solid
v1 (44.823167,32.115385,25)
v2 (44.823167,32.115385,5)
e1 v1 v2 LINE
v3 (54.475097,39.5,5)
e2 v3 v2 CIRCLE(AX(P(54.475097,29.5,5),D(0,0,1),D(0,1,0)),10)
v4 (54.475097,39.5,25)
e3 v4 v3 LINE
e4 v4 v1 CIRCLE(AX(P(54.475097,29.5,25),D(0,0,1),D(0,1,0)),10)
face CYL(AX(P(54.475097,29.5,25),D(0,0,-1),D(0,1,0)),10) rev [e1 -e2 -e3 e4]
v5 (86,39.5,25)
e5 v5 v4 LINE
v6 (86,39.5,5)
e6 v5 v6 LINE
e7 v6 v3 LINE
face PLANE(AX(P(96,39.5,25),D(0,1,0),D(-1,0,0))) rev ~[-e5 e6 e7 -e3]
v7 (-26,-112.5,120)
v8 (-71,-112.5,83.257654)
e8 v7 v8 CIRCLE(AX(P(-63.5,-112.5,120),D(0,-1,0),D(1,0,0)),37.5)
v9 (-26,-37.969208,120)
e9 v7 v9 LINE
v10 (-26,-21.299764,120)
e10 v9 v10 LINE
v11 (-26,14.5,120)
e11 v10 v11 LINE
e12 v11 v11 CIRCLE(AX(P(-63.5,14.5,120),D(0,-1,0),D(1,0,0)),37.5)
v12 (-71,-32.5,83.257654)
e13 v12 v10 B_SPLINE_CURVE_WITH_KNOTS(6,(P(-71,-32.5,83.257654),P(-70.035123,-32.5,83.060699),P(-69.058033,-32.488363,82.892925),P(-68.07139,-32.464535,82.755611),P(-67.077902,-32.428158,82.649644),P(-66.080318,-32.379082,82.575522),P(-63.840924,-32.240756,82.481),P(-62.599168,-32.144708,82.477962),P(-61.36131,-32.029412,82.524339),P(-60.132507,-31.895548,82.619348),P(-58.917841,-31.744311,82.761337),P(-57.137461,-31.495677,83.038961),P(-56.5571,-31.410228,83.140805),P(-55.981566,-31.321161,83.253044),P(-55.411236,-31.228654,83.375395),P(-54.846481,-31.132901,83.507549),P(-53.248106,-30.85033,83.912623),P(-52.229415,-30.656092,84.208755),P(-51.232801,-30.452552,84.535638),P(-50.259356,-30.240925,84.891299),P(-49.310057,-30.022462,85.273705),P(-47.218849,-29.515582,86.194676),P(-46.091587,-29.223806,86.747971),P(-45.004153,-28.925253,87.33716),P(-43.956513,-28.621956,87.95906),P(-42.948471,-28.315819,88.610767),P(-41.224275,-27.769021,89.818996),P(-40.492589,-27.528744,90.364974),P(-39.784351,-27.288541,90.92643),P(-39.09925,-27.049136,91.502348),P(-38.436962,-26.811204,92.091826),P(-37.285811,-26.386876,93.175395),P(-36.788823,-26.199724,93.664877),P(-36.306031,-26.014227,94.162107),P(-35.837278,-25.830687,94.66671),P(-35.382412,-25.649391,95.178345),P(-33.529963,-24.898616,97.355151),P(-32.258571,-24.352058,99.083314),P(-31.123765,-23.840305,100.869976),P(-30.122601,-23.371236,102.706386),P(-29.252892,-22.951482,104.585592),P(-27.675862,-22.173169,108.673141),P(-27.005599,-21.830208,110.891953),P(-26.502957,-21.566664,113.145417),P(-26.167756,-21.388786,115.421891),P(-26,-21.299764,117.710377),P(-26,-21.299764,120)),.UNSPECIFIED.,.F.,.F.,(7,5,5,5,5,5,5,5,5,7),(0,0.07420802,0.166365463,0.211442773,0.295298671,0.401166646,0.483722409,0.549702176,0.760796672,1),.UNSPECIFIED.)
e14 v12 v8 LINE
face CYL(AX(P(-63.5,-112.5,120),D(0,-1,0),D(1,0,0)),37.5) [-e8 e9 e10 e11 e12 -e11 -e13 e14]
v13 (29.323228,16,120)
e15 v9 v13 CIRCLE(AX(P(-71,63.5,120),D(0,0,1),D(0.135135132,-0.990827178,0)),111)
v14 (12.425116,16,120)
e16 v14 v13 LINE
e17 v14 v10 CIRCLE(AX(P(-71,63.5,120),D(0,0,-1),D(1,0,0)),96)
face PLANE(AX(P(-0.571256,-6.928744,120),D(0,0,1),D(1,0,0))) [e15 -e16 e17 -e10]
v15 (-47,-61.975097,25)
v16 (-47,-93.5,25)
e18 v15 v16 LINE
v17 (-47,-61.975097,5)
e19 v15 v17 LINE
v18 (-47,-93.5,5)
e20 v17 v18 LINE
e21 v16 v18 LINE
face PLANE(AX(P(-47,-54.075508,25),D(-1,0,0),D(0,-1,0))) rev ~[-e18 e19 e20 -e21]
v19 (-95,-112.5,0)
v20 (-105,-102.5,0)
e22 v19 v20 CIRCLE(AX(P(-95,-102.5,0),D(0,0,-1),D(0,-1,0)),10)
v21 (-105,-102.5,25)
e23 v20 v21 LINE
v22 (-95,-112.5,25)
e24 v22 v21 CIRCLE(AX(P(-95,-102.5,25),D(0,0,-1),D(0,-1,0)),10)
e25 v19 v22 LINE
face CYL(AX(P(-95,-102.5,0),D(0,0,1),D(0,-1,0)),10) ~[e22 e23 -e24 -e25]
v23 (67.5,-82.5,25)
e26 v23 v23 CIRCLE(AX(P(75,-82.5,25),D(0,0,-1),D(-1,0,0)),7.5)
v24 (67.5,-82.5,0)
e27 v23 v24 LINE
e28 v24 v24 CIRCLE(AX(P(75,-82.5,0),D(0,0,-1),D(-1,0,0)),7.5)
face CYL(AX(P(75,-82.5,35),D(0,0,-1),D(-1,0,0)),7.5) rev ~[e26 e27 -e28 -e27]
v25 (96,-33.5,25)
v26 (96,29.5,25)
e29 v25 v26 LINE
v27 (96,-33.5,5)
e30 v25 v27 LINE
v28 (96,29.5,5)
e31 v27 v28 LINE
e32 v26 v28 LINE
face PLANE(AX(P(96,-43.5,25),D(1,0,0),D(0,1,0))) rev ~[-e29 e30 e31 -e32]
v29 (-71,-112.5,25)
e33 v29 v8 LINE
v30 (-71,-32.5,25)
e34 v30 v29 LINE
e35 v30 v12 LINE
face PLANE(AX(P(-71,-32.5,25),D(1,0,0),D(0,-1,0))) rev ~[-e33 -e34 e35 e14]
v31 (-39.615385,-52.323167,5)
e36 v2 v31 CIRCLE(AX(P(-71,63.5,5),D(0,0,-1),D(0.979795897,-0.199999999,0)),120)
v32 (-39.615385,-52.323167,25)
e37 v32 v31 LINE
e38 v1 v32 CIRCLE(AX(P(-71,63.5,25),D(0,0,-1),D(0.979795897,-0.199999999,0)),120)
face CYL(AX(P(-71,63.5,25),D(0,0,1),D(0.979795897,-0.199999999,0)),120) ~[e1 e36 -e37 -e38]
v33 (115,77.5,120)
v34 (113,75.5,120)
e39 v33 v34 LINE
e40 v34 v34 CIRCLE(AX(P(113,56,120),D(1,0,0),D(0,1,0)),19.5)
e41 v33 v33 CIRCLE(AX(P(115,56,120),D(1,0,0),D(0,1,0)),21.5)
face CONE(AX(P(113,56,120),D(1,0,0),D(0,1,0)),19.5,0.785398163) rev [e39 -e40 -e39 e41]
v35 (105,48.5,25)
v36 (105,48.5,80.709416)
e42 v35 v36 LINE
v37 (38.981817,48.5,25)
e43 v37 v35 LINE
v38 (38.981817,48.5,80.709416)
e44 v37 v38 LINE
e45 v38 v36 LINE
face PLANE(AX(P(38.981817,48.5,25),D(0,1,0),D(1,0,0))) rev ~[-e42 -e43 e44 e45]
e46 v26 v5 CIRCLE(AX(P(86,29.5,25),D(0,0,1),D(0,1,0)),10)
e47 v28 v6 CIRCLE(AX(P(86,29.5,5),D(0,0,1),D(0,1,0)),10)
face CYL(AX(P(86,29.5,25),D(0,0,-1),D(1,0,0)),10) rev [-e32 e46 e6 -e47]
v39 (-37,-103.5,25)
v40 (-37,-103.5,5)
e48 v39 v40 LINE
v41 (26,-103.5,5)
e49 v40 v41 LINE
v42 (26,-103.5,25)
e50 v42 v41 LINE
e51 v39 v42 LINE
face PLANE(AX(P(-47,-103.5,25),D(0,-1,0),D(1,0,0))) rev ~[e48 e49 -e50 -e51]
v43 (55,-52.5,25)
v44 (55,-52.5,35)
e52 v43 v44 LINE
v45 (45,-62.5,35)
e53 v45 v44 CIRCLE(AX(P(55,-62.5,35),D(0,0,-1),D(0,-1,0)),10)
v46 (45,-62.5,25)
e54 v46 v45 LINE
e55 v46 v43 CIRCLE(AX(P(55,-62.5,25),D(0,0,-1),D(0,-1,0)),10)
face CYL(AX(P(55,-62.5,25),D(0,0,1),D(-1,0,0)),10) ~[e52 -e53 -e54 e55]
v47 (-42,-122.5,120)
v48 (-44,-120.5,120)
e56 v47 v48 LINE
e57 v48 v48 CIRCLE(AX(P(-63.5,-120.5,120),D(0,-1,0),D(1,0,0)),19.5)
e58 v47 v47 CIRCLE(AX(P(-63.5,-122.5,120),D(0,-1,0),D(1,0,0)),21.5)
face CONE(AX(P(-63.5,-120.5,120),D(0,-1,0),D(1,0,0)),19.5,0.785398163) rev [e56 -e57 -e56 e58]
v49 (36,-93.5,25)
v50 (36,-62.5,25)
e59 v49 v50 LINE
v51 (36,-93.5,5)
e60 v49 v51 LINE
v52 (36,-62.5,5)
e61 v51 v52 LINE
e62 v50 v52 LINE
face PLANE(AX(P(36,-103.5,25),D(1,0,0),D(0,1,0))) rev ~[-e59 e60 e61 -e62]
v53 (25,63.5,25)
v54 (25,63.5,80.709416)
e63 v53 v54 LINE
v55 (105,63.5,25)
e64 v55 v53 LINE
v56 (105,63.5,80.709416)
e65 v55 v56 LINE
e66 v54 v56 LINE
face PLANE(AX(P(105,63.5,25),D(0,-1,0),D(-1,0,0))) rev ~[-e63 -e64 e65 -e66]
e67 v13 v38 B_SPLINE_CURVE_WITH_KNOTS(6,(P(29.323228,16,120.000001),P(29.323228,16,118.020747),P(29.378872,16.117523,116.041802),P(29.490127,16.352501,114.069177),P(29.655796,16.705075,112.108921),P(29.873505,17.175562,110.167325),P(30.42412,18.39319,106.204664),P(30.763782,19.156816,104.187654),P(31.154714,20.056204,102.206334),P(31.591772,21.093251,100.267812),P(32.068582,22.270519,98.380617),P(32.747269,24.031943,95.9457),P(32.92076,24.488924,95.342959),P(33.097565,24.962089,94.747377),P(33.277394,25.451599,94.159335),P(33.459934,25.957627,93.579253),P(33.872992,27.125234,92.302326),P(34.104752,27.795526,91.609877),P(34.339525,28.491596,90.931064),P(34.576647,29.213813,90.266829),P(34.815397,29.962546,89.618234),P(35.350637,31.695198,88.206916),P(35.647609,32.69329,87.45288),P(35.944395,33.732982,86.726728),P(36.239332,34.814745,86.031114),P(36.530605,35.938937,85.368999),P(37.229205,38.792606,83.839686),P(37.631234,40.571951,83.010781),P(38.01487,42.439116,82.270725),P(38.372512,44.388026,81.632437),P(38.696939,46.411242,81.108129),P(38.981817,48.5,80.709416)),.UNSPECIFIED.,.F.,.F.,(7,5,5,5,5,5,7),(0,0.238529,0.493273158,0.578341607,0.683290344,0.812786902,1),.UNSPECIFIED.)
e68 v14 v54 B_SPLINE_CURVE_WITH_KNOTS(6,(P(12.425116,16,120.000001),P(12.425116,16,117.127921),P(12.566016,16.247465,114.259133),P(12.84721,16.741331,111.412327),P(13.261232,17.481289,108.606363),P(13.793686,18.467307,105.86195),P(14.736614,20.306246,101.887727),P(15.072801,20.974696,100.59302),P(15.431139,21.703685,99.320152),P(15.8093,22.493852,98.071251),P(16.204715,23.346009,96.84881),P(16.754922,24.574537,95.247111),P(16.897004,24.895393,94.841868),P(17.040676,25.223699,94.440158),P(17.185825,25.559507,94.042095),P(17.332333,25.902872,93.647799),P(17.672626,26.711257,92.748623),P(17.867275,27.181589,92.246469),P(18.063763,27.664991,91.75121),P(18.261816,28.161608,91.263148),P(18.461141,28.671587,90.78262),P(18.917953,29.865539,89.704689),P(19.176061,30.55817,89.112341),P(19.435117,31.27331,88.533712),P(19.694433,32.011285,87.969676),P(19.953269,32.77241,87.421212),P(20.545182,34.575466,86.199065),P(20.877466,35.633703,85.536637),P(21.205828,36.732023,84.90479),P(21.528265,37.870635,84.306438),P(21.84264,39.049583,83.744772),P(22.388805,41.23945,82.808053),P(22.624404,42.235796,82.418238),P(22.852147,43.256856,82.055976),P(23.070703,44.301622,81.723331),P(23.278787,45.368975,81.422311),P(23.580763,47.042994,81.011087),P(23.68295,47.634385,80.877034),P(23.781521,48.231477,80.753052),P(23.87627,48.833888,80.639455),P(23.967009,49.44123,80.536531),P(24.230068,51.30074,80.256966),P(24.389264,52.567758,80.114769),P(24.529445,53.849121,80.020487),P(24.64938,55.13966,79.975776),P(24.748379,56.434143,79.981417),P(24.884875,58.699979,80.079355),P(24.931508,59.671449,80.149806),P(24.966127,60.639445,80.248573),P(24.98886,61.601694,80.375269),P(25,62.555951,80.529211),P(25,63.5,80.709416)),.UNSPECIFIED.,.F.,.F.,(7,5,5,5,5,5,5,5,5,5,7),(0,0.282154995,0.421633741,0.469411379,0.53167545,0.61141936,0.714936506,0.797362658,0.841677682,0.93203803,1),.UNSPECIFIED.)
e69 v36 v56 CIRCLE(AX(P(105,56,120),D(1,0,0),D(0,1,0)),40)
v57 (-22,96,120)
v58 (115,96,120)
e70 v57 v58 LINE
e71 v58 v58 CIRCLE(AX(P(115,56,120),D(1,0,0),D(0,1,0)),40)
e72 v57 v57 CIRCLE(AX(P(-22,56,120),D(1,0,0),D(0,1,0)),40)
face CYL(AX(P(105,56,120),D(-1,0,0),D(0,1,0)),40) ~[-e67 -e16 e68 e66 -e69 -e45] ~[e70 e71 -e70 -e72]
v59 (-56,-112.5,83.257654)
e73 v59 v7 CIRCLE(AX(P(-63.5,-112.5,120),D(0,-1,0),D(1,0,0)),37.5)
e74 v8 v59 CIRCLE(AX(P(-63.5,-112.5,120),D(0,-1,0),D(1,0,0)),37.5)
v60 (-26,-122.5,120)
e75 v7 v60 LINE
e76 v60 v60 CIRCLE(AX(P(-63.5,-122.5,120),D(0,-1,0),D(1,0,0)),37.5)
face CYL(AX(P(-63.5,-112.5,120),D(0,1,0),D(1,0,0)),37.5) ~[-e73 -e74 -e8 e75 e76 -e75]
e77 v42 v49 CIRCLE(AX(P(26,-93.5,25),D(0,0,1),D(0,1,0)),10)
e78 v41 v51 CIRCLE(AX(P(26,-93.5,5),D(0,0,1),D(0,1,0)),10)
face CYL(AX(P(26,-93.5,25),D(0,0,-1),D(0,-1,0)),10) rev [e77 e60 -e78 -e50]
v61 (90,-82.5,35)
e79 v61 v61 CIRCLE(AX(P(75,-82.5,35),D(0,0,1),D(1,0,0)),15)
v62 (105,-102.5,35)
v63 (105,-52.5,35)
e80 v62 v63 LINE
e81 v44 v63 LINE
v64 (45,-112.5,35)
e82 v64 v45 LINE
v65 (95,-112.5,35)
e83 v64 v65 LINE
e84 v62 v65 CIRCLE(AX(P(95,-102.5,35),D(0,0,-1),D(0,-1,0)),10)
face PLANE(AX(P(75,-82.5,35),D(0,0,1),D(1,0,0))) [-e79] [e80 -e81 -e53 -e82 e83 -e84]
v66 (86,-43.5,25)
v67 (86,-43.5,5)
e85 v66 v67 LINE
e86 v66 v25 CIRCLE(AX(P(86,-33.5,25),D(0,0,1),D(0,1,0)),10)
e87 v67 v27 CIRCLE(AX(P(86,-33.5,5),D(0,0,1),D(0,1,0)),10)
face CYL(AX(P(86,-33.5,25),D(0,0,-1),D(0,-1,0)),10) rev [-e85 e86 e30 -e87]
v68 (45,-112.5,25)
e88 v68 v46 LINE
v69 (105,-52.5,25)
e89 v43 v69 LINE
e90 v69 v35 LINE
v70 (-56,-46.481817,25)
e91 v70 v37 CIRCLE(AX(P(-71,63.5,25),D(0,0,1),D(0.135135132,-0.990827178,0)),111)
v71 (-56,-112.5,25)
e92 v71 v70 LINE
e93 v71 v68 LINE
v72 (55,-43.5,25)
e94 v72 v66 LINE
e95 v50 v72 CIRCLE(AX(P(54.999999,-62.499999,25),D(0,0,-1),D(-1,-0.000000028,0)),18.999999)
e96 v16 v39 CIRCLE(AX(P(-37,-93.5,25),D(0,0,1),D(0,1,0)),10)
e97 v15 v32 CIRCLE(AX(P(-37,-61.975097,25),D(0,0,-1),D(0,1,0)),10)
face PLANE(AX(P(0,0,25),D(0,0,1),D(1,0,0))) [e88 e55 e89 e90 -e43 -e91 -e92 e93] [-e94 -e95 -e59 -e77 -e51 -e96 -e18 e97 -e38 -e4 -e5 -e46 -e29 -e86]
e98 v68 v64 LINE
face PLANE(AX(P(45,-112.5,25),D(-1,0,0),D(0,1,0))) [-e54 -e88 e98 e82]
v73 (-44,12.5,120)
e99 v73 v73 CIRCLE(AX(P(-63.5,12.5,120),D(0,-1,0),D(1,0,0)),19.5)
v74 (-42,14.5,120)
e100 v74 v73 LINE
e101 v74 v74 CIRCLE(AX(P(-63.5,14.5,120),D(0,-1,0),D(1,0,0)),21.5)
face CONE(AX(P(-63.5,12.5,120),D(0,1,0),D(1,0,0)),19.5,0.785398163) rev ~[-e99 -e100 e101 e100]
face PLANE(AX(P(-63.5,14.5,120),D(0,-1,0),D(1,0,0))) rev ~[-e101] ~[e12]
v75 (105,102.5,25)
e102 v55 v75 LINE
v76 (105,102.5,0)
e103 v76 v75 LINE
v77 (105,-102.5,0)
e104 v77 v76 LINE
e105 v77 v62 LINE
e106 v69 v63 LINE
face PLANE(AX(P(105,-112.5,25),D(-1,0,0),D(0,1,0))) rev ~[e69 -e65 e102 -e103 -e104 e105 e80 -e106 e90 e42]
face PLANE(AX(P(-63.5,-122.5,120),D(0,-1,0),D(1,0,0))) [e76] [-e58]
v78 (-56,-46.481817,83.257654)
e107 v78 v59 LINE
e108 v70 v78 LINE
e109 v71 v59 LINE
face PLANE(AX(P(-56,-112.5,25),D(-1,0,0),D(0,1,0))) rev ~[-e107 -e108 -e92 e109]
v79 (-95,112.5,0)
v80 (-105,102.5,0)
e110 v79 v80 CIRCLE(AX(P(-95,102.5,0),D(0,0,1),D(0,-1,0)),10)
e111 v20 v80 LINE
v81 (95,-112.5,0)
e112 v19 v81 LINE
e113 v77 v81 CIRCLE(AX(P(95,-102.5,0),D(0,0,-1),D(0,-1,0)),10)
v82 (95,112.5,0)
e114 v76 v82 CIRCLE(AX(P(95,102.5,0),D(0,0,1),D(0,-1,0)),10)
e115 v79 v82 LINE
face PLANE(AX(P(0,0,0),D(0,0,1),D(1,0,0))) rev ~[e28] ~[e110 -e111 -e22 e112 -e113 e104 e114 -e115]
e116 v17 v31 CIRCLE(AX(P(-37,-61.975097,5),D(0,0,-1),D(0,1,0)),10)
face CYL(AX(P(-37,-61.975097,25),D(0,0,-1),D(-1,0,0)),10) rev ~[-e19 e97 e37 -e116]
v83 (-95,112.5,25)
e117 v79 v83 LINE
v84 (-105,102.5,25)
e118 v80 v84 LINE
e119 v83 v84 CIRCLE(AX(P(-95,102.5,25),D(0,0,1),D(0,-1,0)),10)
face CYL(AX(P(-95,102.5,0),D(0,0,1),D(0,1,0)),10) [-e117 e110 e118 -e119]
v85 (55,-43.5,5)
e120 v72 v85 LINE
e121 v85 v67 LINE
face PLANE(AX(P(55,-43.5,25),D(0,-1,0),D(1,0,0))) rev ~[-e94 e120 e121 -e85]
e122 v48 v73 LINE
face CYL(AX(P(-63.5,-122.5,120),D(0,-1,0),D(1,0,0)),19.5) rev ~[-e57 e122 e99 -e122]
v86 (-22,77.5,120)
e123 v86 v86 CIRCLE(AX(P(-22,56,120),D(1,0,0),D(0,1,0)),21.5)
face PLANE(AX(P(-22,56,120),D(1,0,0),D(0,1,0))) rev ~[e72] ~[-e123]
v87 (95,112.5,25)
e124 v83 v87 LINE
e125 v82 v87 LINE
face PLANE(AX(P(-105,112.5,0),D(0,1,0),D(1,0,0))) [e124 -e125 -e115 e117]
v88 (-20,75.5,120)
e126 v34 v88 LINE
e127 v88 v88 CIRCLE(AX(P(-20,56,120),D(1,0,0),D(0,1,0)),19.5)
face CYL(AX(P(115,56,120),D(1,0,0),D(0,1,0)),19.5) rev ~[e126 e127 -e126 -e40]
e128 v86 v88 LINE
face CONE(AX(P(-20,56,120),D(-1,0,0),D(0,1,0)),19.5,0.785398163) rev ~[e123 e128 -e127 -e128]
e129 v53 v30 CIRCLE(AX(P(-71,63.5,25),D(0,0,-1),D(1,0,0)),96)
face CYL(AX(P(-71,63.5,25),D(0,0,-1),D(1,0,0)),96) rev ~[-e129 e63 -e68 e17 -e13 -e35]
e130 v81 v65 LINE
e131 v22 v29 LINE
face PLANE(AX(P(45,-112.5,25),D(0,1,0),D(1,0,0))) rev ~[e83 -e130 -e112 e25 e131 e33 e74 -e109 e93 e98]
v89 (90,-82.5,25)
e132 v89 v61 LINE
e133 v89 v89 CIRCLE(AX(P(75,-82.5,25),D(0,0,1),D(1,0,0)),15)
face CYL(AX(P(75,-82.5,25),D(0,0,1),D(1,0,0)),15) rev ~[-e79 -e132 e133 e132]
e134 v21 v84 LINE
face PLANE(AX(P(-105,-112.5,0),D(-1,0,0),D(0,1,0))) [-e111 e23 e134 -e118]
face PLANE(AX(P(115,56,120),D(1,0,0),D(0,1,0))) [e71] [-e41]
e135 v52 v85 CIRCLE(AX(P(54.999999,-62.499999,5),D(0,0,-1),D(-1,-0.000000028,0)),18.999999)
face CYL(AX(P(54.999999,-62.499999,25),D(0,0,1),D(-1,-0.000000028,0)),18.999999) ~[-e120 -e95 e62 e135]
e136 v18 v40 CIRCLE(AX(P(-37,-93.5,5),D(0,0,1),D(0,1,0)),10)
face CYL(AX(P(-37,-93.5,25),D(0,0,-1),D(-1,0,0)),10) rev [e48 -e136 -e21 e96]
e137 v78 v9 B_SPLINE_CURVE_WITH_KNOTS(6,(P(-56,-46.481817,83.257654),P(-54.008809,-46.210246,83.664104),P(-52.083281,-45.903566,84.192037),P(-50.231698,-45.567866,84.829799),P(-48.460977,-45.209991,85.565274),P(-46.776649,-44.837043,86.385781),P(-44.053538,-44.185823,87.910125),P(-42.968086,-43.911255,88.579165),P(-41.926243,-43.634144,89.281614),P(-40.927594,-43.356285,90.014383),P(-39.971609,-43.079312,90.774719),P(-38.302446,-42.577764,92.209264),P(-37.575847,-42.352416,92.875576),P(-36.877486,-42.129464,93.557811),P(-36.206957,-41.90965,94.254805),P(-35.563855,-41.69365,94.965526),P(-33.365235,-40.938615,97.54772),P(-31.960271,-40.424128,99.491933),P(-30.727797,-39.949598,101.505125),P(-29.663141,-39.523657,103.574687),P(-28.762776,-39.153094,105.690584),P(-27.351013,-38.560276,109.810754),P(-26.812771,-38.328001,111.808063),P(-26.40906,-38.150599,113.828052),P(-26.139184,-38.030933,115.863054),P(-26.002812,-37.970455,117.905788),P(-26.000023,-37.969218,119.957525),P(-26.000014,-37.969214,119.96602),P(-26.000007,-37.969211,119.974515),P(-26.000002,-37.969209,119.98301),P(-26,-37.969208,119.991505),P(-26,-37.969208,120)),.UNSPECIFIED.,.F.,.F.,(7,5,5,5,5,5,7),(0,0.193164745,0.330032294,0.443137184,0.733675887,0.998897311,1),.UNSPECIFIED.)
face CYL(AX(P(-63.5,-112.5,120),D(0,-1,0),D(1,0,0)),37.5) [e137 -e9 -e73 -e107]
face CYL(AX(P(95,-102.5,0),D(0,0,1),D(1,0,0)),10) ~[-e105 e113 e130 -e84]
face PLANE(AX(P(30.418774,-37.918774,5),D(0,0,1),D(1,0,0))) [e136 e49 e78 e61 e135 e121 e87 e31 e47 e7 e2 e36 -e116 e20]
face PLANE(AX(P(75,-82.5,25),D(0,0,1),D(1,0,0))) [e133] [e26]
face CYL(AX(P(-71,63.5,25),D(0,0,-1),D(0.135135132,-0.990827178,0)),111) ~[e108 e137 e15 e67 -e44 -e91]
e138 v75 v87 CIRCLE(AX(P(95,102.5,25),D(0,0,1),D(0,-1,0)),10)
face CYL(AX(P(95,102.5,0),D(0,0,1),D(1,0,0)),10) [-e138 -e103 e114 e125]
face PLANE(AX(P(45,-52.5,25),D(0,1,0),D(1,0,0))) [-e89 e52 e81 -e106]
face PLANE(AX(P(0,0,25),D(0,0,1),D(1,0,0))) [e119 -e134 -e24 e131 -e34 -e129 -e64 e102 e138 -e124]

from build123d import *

# Parameters (mm, degrees)
F0_W            = 210
F0_H            = 225
F1_DEPTH        = 25
F3_DEPTH        = 95
F4_R            = 37.5
F5_DEPTH        = 10
F5_DEPTH_BACK   = 127
F6_R            = 40
F7_DEPTH        = 10
F7_DEPTH_BACK   = 127
F8_W            = 60
F8_H            = 60
F9_DEPTH        = 10
F10_R           = 10
F12_DEPTH       = 20
F14_D           = 15
F14_CBORE_D     = 30
F14_CBORE_DEPTH = 10
F15_R           = 10
F16_R           = 19.5
F17_DEPTH       = 220.001
F18_R           = 19.5
F19_DEPTH       = 235.001
F20_SIZE        = 2
F21_R           = 10


with BuildPart() as f1:
    # F0 (on Top) → F1 (new body)
    with BuildSketch(Plane.XY):
        Rectangle(F0_W, F0_H)
    extrude(amount=F1_DEPTH)

    # F2 (on face) → F3 (join)
    with BuildSketch(Plane.XY.offset(25)):
        with BuildLine():
            Line((-71, -32.5), (-71, -112.5))
            Line((-71, -112.5), (-56, -112.5))
            Line((-56, -112.5), (-56, -46.481817))
            ThreePointArc((-56, -46.481817), (7.488853, -14.988853), (38.981817, 48.5))
            Line((38.981817, 48.5), (105, 48.5))
            Line((105, 48.5), (105, 63.5))
            Line((105, 63.5), (25, 63.5))
            ThreePointArc((25, 63.5), (-3.117749, -4.382251), (-71, -32.5))
        make_face()
    extrude(amount=F3_DEPTH)

    # F4 (on face) → F5 (join, two sides)
    with BuildSketch(Plane.XZ.offset(112.5)) as f5_sk:
        with Locations((-63.5, 120)):
            Circle(F4_R)
    extrude(amount=F5_DEPTH)
    extrude(f5_sk.sketch, amount=-F5_DEPTH_BACK)

    # F6 (on face) → F7 (join, two sides)
    with BuildSketch(Plane.YZ.offset(105)) as f7_sk:
        with Locations((56, 120)):
            Circle(F6_R)
    extrude(amount=F7_DEPTH)
    extrude(f7_sk.sketch, amount=-F7_DEPTH_BACK)

    # F8 (on face) → F9 (join)
    with BuildSketch(Plane.XY.offset(25)):
        with Locations((75, -82.5)):
            Rectangle(F8_W, F8_H)
    extrude(amount=F9_DEPTH)

    # F10
    f10_edges = [f1.edges().sort_by_distance(p)[0] for p in [
        (45, -52.5, 30),
    ]]
    fillet(f10_edges, radius=F10_R)

    # F11 (on face) → F12 (cut)
    with BuildSketch(Plane.XY.offset(25)):
        with BuildLine():
            Line((-47, -54.075508), (-47, -103.5))
            Line((-47, -103.5), (36, -103.5))
            Line((36, -103.5), (36, -62.5))
            ThreePointArc((36, -62.5), (41.564971, -49.064971), (55, -43.5))
            Line((55, -43.5), (96, -43.5))
            Line((96, -43.5), (96, 39.5))
            Line((96, 39.5), (46.575508, 39.5))
            ThreePointArc((46.575508, 39.5), (13.852814, -21.352814), (-47, -54.075508))
        make_face()
    extrude(amount=-F12_DEPTH, mode=Mode.SUBTRACT)

    # F14 (through all)
    with Locations(Plane.XY.offset(35)):
        with Locations((75, -82.5)):
            CounterBoreHole(F14_D / 2, F14_CBORE_D / 2, F14_CBORE_DEPTH)

    # F15
    f15_edges = [f1.edges().sort_by_distance(p)[0] for p in [
        (36, -103.5, 15),
        (-47, -103.5, 15),
        (-47, -54.075508, 15),
        (96, 39.5, 15),
        (46.575508, 39.5, 15),
        (96, -43.5, 15),
    ]]
    fillet(f15_edges, radius=F15_R)

    # F16 (on face) → F17 (cut, through all)
    with BuildSketch(Plane.YZ.offset(115)):
        with Locations((56, 120)):
            Circle(F16_R)
    extrude(amount=-F17_DEPTH, mode=Mode.SUBTRACT)

    # F18 (on face) → F19 (cut, through all)
    with BuildSketch(Plane.XZ.offset(122.5)):
        with Locations((-63.5, 120)):
            Circle(F18_R)
    extrude(amount=-F19_DEPTH, mode=Mode.SUBTRACT)

    # F20
    f20_edges = [f1.edges().sort_by_distance(p)[0] for p in [
        (115, 36.5, 120),
        (-83, -122.5, 120),
        (-22, 36.5, 120),
        (-83, 14.5, 120),
    ]]
    chamfer(f20_edges, length=F20_SIZE)

    # F21
    f21_edges = [f1.edges().sort_by_distance(p)[0] for p in [
        (105, -112.5, 17.5),
        (105, 112.5, 12.5),
        (-105, -112.5, 12.5),
        (-105, 112.5, 12.5),
    ]]
    fillet(f21_edges, radius=F21_R)


solid = f1.part
